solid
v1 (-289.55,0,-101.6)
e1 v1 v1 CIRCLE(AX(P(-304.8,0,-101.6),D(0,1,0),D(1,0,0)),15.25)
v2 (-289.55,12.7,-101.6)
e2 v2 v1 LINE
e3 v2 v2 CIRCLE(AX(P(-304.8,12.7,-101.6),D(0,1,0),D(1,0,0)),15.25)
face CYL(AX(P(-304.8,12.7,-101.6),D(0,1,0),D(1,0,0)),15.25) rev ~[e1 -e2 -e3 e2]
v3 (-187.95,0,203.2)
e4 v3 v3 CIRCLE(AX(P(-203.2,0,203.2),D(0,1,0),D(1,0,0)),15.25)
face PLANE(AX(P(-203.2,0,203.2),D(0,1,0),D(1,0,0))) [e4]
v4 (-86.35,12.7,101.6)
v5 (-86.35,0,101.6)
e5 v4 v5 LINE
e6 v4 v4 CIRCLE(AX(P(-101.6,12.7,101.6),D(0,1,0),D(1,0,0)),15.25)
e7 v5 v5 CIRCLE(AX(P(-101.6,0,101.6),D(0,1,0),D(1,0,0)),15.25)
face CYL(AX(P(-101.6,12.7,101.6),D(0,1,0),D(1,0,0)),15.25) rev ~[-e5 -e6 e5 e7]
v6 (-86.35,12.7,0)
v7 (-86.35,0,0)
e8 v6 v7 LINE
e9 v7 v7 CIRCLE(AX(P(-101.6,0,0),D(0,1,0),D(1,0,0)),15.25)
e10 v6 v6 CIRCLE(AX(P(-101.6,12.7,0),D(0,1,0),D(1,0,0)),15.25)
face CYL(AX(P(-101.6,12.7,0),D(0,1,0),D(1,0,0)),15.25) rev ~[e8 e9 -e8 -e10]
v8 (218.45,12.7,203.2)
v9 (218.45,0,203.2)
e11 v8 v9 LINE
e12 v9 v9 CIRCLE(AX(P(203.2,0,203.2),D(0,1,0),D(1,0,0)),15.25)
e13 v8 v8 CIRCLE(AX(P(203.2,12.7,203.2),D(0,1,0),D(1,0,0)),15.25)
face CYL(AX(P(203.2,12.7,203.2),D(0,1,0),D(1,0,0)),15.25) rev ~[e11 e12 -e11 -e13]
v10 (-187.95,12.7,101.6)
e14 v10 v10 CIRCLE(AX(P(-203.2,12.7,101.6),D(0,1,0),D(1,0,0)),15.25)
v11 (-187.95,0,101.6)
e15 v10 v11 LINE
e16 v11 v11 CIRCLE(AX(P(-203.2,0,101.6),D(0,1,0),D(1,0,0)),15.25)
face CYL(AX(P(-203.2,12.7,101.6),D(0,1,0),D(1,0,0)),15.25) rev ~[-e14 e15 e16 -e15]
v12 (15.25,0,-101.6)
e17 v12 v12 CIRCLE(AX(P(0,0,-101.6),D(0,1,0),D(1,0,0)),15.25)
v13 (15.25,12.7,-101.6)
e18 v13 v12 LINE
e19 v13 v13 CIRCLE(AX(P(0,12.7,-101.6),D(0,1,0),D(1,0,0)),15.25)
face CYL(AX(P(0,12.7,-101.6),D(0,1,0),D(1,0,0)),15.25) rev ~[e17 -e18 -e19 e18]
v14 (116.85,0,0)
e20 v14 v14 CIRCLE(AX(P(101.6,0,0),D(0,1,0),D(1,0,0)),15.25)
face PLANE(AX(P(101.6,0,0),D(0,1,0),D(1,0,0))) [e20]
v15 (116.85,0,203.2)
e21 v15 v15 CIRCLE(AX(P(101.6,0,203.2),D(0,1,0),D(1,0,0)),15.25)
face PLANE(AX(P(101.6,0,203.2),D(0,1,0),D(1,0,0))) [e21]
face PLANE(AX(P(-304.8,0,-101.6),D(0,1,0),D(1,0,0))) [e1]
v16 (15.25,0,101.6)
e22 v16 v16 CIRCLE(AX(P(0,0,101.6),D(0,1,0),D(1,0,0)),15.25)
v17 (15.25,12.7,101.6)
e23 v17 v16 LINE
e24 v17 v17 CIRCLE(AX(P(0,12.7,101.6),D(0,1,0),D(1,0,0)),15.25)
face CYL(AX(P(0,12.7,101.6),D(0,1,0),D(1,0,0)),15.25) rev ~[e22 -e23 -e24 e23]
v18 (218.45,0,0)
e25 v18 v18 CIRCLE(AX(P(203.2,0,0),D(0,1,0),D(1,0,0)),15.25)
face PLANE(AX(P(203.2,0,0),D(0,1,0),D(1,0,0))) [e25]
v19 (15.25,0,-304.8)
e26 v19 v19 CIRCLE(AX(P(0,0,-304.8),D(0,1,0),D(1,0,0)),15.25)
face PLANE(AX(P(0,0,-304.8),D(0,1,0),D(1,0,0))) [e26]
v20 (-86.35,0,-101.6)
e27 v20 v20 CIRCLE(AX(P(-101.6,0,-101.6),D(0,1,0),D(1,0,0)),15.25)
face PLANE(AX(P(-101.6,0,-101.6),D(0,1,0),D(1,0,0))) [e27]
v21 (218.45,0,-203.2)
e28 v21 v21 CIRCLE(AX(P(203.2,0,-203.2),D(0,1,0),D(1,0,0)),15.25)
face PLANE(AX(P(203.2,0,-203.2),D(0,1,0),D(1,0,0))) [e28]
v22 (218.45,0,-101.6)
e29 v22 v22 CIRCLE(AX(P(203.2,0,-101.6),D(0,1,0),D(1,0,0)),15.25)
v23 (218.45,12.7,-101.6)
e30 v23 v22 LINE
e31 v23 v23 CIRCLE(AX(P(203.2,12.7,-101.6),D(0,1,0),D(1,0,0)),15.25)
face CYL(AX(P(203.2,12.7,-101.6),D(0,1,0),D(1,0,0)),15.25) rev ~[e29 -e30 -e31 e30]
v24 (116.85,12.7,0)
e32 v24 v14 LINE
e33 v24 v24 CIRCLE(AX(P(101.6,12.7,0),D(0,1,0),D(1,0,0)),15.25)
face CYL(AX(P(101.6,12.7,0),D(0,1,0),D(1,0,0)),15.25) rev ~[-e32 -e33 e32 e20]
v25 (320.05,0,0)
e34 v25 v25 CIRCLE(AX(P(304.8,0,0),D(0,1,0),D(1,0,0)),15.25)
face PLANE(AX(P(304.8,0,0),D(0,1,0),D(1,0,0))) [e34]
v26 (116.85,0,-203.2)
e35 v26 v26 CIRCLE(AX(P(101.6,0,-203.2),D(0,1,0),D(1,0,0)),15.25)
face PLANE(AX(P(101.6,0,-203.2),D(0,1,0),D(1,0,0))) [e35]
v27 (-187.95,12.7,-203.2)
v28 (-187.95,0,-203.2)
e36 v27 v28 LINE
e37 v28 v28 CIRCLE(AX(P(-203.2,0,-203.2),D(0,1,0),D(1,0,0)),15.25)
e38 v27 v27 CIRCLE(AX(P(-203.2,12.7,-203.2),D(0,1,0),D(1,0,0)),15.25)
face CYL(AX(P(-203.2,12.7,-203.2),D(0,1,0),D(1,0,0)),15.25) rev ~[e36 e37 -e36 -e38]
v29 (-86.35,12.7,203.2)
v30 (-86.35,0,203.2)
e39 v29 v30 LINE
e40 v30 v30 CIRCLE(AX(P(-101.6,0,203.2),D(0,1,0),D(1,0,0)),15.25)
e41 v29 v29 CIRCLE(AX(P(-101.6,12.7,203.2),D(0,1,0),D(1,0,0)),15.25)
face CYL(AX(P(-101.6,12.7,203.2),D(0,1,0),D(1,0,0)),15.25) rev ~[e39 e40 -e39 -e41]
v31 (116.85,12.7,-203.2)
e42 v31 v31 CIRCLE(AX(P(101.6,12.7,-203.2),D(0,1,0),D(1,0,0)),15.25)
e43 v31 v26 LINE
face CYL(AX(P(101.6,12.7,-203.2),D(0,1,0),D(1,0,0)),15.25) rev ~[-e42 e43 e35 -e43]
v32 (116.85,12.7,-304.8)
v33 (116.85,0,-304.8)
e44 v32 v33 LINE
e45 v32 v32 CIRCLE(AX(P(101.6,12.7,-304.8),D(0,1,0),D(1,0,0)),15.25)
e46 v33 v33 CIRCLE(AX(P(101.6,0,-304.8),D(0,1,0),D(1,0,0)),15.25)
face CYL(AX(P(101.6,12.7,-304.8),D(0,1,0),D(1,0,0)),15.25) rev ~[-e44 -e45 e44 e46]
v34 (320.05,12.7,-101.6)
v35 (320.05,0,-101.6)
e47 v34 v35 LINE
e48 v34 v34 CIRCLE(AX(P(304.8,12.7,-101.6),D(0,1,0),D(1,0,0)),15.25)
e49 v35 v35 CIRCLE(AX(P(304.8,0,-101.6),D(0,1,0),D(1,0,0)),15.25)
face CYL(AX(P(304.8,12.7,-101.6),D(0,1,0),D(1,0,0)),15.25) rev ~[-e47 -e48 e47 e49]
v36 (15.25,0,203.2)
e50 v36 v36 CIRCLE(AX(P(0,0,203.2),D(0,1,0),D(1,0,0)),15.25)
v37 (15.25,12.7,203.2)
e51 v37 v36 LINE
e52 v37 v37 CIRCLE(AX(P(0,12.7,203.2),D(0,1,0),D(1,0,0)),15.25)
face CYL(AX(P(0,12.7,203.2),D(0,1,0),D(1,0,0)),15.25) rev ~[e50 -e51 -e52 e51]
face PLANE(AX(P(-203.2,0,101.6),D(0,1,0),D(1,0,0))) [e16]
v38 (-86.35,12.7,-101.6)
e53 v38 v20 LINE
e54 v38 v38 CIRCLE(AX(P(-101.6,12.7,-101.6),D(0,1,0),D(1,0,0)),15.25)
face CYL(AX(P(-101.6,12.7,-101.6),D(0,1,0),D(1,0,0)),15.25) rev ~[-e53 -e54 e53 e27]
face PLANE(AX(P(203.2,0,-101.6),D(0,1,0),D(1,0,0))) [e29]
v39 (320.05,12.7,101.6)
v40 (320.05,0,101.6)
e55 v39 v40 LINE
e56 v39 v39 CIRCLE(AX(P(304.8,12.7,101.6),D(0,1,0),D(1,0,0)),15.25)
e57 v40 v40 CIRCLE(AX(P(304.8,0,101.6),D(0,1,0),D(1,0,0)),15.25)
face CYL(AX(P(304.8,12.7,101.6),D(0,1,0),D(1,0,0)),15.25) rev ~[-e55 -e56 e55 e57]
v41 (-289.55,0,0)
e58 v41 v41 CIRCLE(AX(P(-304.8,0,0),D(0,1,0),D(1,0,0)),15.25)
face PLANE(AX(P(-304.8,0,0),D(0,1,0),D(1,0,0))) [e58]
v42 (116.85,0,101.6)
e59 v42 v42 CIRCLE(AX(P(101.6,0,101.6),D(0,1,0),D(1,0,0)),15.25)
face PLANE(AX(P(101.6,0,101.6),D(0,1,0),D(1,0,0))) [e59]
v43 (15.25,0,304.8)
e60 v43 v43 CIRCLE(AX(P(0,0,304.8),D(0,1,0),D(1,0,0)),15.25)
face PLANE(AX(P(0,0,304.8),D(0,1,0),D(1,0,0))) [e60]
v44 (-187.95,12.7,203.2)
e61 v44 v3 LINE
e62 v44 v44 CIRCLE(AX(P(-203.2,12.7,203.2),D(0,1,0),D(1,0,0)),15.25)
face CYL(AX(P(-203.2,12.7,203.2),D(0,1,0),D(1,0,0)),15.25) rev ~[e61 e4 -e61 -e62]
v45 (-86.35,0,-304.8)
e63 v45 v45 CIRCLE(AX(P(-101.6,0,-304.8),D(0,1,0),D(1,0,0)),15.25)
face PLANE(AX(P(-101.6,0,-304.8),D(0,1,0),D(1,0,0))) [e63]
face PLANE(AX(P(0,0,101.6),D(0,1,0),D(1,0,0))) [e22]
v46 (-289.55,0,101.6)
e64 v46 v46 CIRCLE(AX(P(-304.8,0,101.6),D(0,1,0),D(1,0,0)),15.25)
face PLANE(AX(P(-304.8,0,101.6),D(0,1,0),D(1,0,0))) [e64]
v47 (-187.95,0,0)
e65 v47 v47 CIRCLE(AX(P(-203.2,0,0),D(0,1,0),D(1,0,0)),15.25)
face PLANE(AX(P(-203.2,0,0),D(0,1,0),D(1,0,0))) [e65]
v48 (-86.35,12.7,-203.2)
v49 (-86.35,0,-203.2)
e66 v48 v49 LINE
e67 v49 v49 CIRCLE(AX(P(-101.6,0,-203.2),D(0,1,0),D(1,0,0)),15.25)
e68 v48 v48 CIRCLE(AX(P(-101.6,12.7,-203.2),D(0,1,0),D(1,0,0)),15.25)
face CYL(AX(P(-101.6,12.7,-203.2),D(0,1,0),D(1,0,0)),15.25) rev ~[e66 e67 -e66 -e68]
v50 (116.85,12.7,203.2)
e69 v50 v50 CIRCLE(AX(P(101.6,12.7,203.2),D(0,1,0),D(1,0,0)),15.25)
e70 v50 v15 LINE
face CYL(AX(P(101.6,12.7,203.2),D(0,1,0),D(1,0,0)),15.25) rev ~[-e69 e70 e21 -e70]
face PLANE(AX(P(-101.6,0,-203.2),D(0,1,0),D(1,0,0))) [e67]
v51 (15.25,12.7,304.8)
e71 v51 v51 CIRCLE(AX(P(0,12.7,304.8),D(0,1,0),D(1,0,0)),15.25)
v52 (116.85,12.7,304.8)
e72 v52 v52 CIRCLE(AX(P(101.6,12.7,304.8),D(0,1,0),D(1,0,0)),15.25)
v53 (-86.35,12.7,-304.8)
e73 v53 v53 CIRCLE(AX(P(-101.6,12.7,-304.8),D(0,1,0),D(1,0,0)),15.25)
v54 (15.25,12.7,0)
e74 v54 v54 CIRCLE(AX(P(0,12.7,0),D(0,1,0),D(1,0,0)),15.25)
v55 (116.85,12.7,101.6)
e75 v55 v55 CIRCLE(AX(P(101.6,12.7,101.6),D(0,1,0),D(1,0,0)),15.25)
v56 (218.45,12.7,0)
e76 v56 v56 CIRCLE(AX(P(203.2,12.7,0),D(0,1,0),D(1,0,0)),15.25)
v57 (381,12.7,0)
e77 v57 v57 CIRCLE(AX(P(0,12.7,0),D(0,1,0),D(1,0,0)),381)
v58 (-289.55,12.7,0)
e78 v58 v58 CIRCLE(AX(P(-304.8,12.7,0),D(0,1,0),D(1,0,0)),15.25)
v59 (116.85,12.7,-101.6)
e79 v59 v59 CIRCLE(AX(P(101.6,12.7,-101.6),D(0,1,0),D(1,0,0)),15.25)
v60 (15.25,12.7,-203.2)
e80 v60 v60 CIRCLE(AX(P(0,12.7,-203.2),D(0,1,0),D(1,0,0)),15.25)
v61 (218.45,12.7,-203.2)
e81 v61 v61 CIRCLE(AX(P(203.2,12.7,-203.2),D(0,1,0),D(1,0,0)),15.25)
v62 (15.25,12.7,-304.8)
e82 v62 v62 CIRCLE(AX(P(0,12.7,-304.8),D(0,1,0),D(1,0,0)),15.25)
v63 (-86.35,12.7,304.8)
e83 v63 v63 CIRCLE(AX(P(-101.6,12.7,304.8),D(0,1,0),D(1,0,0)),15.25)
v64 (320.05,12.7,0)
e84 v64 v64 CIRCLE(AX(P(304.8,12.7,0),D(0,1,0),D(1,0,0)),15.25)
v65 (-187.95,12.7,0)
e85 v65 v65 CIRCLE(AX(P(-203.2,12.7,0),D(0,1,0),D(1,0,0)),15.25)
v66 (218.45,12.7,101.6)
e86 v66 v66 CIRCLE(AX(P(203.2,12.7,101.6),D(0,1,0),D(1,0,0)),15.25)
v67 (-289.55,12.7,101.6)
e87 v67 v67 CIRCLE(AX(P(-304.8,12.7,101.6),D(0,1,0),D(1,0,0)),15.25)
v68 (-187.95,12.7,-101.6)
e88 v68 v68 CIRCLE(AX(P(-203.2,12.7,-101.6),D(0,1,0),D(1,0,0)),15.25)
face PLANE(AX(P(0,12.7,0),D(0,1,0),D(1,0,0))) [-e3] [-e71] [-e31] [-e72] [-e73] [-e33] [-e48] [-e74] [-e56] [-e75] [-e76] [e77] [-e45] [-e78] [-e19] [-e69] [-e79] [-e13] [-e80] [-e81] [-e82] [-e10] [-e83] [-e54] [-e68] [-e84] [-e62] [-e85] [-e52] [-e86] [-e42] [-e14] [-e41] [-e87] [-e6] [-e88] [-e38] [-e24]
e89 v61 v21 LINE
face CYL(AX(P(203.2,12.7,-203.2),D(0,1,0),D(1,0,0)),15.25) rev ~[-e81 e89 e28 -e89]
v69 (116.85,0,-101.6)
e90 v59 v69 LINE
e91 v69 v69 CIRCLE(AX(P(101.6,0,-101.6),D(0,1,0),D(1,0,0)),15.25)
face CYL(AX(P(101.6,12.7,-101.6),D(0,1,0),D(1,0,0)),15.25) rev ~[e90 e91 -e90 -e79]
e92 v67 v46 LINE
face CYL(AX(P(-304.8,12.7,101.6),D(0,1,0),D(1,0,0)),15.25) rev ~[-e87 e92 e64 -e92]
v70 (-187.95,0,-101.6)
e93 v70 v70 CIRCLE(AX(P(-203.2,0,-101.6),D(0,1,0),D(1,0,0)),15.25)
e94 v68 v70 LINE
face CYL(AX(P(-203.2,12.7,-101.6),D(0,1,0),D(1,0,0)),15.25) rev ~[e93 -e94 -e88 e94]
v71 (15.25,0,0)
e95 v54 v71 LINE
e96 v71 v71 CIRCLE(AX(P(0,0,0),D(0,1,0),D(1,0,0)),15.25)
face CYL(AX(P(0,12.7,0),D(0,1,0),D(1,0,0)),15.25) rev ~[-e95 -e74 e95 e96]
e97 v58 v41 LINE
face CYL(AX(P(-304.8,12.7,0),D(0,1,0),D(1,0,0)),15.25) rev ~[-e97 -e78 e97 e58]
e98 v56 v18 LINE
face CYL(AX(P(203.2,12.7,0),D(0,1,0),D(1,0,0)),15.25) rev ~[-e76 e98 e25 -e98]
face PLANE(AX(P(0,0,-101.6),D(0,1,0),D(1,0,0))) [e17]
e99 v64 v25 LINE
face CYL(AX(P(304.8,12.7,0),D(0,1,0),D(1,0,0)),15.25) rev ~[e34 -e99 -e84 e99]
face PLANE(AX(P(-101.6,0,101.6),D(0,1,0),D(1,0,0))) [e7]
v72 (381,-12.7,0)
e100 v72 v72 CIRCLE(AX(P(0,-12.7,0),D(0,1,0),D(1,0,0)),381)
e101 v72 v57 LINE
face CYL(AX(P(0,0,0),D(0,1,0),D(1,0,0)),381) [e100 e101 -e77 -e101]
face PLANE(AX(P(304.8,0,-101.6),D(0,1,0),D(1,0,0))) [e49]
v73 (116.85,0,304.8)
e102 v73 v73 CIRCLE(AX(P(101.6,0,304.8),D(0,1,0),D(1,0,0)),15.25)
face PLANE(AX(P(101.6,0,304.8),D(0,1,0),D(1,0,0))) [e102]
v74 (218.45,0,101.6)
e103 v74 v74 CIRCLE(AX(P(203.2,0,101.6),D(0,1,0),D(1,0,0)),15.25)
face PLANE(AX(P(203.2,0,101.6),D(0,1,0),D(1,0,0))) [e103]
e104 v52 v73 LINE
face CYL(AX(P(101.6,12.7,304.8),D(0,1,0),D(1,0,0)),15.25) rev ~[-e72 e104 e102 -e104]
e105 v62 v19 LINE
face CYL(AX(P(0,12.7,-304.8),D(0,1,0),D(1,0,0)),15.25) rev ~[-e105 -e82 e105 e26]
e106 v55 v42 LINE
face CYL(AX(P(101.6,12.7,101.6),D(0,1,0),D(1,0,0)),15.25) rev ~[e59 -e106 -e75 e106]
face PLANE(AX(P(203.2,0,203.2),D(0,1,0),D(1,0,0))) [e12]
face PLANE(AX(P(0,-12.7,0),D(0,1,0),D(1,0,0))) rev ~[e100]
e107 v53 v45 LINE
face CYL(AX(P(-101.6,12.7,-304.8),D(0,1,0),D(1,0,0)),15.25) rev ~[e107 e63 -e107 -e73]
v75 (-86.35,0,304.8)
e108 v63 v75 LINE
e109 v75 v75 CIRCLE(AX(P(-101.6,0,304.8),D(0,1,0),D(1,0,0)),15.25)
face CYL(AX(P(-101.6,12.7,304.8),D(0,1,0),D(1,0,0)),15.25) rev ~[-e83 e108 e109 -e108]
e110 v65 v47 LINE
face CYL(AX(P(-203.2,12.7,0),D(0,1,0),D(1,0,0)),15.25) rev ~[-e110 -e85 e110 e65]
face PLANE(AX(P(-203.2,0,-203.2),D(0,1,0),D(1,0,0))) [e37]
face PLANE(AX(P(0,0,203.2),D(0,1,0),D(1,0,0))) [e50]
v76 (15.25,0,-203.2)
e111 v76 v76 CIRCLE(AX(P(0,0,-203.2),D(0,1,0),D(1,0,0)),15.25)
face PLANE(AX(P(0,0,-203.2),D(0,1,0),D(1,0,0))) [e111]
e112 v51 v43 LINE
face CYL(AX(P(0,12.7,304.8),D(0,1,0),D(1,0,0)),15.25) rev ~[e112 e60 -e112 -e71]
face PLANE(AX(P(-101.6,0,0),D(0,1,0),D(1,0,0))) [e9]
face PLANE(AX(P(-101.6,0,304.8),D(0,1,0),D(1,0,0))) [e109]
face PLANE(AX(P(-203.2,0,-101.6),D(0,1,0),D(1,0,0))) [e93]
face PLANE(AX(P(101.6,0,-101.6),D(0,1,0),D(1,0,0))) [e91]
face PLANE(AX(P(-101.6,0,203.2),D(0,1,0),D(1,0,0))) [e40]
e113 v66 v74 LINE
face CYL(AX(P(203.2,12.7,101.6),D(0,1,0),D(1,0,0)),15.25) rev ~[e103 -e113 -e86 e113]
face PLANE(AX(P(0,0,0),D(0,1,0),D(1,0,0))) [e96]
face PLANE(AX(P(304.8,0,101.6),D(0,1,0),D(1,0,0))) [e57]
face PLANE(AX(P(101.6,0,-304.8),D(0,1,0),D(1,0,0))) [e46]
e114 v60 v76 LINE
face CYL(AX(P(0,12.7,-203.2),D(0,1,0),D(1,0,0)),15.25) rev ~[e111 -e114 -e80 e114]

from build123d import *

# Parameters (mm, degrees)
SKETCH1_R           = 381
BOSS_EXTRUDE1_DEPTH = 12.7
SKETCH6_R           = 15.25
CUT_EXTRUDE1_DEPTH  = 12.7


with BuildPart() as part:
    # Sketch1 → Boss-Extrude1 (new body, symmetric)
    with BuildSketch(Plane(origin=(0, 0, 0), x_dir=(1, 0, 0), z_dir=(0, 1, 0))):
        Circle(SKETCH1_R)
    extrude(amount=BOSS_EXTRUDE1_DEPTH, both=True)

    # Sketch6 → Cut-Extrude1 (cut)
    with BuildSketch(Plane(origin=(0, 12.7, 0), x_dir=(1, 0, 0), z_dir=(0, 1, 0))):
        Circle(SKETCH6_R)
        with Locations((-101.6, 0)):
            Circle(SKETCH6_R)
        with Locations((101.6, 0)):
            Circle(SKETCH6_R)
        with Locations((-101.6, 101.6)):
            Circle(SKETCH6_R)
        with Locations((0, 101.6)):
            Circle(SKETCH6_R)
        with Locations((101.6, 101.6)):
            Circle(SKETCH6_R)
        with Locations((-101.6, -101.6)):
            Circle(SKETCH6_R)
        with Locations((0, -101.6)):
            Circle(SKETCH6_R)
        with Locations((101.6, -101.6)):
            Circle(SKETCH6_R)
        with Locations((101.6, 203.2)):
            Circle(SKETCH6_R)
        with Locations((0, 203.2)):
            Circle(SKETCH6_R)
        with Locations((-101.6, 203.2)):
            Circle(SKETCH6_R)
        with Locations((101.6, 304.8)):
            Circle(SKETCH6_R)
        with Locations((0, 304.8)):
            Circle(SKETCH6_R)
        with Locations((-101.6, 304.8)):
            Circle(SKETCH6_R)
        with Locations((101.6, -203.2)):
            Circle(SKETCH6_R)
        with Locations((0, -203.2)):
            Circle(SKETCH6_R)
        with Locations((-101.6, -203.2)):
            Circle(SKETCH6_R)
        with Locations((101.6, -304.8)):
            Circle(SKETCH6_R)
        with Locations((0, -304.8)):
            Circle(SKETCH6_R)
        with Locations((-101.6, -304.8)):
            Circle(SKETCH6_R)
        with Locations((203.2, -101.6)):
            Circle(SKETCH6_R)
        with Locations((203.2, 0)):
            Circle(SKETCH6_R)
        with Locations((203.2, 101.6)):
            Circle(SKETCH6_R)
        with Locations((304.8, -101.6)):
            Circle(SKETCH6_R)
        with Locations((304.8, 0)):
            Circle(SKETCH6_R)
        with Locations((304.8, 101.6)):
            Circle(SKETCH6_R)
        with Locations((-203.2, 101.6)):
            Circle(SKETCH6_R)
        with Locations((-203.2, 0)):
            Circle(SKETCH6_R)
        with Locations((-203.2, -101.6)):
            Circle(SKETCH6_R)
        with Locations((-304.8, 101.6)):
            Circle(SKETCH6_R)
        with Locations((-304.8, 0)):
            Circle(SKETCH6_R)
        with Locations((-304.8, -101.6)):
            Circle(SKETCH6_R)
        with Locations((-203.2, 203.2)):
            Circle(SKETCH6_R)
        with Locations((203.2, 203.2)):
            Circle(SKETCH6_R)
        with Locations((203.2, -203.2)):
            Circle(SKETCH6_R)
        with Locations((-203.2, -203.2)):
            Circle(SKETCH6_R)
    extrude(amount=-CUT_EXTRUDE1_DEPTH, mode=Mode.SUBTRACT)


solid = part.part
